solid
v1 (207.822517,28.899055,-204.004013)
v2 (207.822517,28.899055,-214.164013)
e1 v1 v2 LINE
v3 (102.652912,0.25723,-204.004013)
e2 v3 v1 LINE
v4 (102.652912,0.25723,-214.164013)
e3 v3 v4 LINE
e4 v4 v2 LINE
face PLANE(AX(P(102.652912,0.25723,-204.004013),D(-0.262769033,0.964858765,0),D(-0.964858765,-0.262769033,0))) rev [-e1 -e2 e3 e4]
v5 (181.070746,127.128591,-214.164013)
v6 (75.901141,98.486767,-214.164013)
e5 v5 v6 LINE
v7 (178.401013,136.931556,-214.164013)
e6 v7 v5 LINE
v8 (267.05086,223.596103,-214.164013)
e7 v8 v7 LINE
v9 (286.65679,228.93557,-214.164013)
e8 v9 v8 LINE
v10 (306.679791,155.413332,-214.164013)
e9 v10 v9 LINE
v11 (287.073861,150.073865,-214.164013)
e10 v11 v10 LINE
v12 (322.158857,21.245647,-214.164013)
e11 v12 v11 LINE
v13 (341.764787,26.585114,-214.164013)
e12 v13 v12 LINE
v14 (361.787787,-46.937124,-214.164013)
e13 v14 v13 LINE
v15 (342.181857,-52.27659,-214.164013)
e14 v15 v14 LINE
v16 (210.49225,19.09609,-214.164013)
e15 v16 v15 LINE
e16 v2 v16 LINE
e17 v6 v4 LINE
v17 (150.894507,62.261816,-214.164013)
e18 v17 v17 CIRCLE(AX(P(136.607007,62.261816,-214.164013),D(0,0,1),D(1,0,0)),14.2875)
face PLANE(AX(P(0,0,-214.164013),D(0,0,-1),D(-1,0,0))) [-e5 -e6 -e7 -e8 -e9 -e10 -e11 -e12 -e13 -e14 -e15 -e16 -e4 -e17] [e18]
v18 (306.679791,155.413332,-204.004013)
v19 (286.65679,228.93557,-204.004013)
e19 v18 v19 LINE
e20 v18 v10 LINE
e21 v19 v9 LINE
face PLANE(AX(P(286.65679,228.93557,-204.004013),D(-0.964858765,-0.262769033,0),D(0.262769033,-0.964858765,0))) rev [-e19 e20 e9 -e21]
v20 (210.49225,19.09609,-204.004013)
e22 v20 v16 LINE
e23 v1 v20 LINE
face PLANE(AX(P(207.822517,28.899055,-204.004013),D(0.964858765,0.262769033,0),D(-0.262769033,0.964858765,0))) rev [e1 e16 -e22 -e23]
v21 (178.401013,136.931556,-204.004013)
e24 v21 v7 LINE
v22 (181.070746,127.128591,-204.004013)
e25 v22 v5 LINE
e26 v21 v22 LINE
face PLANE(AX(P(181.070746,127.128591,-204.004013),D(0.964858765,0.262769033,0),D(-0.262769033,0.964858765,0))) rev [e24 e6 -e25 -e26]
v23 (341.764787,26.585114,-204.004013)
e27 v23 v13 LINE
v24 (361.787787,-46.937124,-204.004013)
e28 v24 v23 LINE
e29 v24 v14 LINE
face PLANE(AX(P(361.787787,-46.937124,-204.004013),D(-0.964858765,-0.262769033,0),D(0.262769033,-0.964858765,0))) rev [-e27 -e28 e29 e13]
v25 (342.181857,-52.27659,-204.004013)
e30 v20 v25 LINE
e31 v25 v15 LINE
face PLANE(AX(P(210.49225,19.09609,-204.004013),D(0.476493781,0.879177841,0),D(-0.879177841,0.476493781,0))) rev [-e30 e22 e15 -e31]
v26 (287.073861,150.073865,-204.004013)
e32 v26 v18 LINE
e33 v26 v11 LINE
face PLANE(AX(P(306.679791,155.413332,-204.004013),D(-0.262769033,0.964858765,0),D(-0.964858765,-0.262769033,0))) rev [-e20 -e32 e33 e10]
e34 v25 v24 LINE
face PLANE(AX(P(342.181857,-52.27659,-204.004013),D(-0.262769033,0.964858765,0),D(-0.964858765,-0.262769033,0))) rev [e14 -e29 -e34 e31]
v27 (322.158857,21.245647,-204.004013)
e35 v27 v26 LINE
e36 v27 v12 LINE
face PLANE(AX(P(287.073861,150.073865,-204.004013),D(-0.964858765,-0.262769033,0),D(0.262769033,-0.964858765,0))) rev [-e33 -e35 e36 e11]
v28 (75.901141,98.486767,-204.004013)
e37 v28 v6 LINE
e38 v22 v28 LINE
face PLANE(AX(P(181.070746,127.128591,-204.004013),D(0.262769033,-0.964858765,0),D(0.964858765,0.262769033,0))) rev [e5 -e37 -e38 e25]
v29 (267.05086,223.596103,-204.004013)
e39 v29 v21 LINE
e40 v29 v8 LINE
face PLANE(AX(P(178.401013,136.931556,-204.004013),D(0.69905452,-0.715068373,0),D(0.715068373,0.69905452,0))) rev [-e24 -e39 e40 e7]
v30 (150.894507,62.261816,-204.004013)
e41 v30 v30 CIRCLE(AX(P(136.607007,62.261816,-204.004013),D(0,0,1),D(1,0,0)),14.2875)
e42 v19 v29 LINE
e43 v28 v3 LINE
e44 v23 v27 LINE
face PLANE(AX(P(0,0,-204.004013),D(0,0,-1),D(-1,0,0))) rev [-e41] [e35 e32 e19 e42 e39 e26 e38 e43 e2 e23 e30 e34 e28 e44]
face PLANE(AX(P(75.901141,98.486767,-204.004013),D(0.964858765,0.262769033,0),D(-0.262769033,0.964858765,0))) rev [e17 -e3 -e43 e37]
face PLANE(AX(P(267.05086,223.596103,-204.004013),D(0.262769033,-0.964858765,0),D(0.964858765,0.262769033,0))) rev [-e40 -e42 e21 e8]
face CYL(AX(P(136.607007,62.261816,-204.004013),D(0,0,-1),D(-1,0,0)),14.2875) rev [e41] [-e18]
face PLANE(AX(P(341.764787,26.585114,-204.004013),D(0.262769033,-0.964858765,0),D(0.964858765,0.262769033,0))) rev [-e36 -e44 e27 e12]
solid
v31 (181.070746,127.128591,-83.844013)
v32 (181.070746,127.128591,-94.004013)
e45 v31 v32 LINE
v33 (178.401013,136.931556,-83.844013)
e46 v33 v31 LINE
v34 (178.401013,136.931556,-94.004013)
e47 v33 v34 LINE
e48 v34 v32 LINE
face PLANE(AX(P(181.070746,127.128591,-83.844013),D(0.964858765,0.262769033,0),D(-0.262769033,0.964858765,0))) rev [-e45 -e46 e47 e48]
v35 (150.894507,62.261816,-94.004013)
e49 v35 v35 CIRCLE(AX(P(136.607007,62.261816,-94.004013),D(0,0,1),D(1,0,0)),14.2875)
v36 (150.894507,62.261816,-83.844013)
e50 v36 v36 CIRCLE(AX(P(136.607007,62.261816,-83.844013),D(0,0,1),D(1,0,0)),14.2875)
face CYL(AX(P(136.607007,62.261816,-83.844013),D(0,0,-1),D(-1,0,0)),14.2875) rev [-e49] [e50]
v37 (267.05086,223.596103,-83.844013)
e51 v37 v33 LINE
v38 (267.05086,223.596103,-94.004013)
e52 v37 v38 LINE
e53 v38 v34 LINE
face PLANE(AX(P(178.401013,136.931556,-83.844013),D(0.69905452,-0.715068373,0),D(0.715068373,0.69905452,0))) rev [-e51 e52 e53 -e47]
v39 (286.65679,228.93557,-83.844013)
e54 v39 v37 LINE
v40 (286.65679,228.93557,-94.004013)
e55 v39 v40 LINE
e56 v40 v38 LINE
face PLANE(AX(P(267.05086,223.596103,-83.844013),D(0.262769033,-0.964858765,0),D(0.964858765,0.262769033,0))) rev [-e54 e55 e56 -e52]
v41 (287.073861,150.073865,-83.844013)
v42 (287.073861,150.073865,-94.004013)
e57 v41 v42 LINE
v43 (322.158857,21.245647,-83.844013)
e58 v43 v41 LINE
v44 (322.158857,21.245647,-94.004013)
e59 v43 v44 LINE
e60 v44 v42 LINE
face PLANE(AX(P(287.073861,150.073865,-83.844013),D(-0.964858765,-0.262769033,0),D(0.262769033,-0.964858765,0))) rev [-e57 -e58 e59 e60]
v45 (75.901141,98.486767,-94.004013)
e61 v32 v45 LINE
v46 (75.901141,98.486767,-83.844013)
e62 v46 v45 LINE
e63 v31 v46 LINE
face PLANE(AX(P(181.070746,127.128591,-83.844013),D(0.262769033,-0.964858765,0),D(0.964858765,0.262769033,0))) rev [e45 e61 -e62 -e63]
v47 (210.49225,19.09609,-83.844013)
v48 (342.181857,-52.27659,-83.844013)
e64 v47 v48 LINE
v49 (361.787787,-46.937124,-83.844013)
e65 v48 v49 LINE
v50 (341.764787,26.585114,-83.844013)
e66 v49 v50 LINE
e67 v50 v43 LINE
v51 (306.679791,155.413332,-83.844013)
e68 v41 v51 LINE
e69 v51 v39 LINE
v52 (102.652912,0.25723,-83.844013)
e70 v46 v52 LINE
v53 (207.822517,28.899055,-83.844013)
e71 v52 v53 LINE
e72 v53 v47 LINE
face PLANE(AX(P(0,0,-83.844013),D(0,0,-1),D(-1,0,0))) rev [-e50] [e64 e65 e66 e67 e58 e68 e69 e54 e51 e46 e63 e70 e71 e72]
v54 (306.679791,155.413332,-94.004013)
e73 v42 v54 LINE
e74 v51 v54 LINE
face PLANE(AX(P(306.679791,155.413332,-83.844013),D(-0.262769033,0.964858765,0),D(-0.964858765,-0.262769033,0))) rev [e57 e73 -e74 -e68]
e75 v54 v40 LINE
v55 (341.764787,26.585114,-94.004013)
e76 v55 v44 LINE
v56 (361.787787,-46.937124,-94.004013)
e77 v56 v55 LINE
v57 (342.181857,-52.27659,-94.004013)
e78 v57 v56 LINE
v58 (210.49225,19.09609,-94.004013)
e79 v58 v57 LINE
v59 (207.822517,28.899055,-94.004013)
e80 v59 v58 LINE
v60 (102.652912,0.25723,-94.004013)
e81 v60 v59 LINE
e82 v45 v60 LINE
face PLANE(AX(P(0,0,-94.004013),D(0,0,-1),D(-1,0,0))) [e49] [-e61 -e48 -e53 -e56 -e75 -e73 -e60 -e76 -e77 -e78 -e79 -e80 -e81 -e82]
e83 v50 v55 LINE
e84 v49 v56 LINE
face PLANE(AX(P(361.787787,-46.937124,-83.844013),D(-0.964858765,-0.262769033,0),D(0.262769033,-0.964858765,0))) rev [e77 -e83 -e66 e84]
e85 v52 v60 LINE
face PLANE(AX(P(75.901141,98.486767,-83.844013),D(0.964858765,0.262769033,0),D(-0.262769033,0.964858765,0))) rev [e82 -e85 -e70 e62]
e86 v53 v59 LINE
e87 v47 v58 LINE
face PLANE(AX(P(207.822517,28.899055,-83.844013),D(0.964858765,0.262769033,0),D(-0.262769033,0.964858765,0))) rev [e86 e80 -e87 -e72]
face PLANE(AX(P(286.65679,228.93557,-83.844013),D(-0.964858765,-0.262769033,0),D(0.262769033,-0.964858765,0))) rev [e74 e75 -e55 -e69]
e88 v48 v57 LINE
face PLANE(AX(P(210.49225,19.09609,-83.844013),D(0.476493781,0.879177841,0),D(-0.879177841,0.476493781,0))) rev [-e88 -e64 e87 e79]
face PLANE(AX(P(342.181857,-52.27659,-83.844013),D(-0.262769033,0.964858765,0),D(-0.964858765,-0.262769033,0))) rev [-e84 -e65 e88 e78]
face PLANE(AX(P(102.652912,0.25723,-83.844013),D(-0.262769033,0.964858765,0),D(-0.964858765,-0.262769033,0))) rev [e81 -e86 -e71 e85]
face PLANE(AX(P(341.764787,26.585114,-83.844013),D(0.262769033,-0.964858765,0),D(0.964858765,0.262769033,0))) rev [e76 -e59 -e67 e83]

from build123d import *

# Parameters (mm, degrees)
BOSS_EXTRUDE1_START = -90
SKETCH1_R           = 14.2875
BOSS_EXTRUDE1_DEPTH = 10.16
BOSS_EXTRUDE2_START = -210.16
SKETCH1_2_R         = 14.2875
BOSS_EXTRUDE2_DEPTH = 10.16


with BuildPart() as part:
    # Sketch1 → Boss-Extrude1 (new body)
    with BuildSketch(Plane(origin=(2328.589821282, 466.462033654, -4.0040129), x_dir=(0.9648587645409115, 0.26276903259057416, 0), z_dir=(0, 0, 1)).offset(BOSS_EXTRUDE1_START)):
        Polygon((-2161.218921834, 236.892663878), (-2270.218921834, 236.892663878), (-2270.218921834, 135.08549762), (-2161.218921834, 135.08549762), (-2161.218921834, 124.92549762), (-2052.911580455, 21.456991118), (-2032.591580455, 21.456991118), (-2032.591580455, 97.656991118), (-2052.911580455, 97.656991118), (-2052.911580455, 231.177276923), (-2032.591580455, 231.177276923), (-2032.591580455, 307.377276923), (-2052.911580455, 307.377276923), (-2161.218921834, 247.052663878), align=None)
        with Locations((-2221.165130355, 185.989080749)):
            Circle(SKETCH1_R, mode=Mode.SUBTRACT)
    extrude(amount=BOSS_EXTRUDE1_DEPTH)


with BuildPart() as body_2:
    # Sketch1<2> → Boss-Extrude2 (new body)
    with BuildSketch(Plane(origin=(2328.589821282, 466.462033654, -4.0040129), x_dir=(0.9648587645409115, 0.26276903259057416, 0), z_dir=(0, 0, 1)).offset(BOSS_EXTRUDE2_START)):
        Polygon((-2161.218921834, 236.892663878), (-2270.218921834, 236.892663878), (-2270.218921834, 135.08549762), (-2161.218921834, 135.08549762), (-2161.218921834, 124.92549762), (-2052.911580455, 21.456991118), (-2032.591580455, 21.456991118), (-2032.591580455, 97.656991118), (-2052.911580455, 97.656991118), (-2052.911580455, 231.177276923), (-2032.591580455, 231.177276923), (-2032.591580455, 307.377276923), (-2052.911580455, 307.377276923), (-2161.218921834, 247.052663878), align=None)
        with Locations((-2221.165130355, 185.989080749)):
            Circle(SKETCH1_2_R, mode=Mode.SUBTRACT)
    extrude(amount=BOSS_EXTRUDE2_DEPTH)


solid = Compound([part.part, body_2.part])
